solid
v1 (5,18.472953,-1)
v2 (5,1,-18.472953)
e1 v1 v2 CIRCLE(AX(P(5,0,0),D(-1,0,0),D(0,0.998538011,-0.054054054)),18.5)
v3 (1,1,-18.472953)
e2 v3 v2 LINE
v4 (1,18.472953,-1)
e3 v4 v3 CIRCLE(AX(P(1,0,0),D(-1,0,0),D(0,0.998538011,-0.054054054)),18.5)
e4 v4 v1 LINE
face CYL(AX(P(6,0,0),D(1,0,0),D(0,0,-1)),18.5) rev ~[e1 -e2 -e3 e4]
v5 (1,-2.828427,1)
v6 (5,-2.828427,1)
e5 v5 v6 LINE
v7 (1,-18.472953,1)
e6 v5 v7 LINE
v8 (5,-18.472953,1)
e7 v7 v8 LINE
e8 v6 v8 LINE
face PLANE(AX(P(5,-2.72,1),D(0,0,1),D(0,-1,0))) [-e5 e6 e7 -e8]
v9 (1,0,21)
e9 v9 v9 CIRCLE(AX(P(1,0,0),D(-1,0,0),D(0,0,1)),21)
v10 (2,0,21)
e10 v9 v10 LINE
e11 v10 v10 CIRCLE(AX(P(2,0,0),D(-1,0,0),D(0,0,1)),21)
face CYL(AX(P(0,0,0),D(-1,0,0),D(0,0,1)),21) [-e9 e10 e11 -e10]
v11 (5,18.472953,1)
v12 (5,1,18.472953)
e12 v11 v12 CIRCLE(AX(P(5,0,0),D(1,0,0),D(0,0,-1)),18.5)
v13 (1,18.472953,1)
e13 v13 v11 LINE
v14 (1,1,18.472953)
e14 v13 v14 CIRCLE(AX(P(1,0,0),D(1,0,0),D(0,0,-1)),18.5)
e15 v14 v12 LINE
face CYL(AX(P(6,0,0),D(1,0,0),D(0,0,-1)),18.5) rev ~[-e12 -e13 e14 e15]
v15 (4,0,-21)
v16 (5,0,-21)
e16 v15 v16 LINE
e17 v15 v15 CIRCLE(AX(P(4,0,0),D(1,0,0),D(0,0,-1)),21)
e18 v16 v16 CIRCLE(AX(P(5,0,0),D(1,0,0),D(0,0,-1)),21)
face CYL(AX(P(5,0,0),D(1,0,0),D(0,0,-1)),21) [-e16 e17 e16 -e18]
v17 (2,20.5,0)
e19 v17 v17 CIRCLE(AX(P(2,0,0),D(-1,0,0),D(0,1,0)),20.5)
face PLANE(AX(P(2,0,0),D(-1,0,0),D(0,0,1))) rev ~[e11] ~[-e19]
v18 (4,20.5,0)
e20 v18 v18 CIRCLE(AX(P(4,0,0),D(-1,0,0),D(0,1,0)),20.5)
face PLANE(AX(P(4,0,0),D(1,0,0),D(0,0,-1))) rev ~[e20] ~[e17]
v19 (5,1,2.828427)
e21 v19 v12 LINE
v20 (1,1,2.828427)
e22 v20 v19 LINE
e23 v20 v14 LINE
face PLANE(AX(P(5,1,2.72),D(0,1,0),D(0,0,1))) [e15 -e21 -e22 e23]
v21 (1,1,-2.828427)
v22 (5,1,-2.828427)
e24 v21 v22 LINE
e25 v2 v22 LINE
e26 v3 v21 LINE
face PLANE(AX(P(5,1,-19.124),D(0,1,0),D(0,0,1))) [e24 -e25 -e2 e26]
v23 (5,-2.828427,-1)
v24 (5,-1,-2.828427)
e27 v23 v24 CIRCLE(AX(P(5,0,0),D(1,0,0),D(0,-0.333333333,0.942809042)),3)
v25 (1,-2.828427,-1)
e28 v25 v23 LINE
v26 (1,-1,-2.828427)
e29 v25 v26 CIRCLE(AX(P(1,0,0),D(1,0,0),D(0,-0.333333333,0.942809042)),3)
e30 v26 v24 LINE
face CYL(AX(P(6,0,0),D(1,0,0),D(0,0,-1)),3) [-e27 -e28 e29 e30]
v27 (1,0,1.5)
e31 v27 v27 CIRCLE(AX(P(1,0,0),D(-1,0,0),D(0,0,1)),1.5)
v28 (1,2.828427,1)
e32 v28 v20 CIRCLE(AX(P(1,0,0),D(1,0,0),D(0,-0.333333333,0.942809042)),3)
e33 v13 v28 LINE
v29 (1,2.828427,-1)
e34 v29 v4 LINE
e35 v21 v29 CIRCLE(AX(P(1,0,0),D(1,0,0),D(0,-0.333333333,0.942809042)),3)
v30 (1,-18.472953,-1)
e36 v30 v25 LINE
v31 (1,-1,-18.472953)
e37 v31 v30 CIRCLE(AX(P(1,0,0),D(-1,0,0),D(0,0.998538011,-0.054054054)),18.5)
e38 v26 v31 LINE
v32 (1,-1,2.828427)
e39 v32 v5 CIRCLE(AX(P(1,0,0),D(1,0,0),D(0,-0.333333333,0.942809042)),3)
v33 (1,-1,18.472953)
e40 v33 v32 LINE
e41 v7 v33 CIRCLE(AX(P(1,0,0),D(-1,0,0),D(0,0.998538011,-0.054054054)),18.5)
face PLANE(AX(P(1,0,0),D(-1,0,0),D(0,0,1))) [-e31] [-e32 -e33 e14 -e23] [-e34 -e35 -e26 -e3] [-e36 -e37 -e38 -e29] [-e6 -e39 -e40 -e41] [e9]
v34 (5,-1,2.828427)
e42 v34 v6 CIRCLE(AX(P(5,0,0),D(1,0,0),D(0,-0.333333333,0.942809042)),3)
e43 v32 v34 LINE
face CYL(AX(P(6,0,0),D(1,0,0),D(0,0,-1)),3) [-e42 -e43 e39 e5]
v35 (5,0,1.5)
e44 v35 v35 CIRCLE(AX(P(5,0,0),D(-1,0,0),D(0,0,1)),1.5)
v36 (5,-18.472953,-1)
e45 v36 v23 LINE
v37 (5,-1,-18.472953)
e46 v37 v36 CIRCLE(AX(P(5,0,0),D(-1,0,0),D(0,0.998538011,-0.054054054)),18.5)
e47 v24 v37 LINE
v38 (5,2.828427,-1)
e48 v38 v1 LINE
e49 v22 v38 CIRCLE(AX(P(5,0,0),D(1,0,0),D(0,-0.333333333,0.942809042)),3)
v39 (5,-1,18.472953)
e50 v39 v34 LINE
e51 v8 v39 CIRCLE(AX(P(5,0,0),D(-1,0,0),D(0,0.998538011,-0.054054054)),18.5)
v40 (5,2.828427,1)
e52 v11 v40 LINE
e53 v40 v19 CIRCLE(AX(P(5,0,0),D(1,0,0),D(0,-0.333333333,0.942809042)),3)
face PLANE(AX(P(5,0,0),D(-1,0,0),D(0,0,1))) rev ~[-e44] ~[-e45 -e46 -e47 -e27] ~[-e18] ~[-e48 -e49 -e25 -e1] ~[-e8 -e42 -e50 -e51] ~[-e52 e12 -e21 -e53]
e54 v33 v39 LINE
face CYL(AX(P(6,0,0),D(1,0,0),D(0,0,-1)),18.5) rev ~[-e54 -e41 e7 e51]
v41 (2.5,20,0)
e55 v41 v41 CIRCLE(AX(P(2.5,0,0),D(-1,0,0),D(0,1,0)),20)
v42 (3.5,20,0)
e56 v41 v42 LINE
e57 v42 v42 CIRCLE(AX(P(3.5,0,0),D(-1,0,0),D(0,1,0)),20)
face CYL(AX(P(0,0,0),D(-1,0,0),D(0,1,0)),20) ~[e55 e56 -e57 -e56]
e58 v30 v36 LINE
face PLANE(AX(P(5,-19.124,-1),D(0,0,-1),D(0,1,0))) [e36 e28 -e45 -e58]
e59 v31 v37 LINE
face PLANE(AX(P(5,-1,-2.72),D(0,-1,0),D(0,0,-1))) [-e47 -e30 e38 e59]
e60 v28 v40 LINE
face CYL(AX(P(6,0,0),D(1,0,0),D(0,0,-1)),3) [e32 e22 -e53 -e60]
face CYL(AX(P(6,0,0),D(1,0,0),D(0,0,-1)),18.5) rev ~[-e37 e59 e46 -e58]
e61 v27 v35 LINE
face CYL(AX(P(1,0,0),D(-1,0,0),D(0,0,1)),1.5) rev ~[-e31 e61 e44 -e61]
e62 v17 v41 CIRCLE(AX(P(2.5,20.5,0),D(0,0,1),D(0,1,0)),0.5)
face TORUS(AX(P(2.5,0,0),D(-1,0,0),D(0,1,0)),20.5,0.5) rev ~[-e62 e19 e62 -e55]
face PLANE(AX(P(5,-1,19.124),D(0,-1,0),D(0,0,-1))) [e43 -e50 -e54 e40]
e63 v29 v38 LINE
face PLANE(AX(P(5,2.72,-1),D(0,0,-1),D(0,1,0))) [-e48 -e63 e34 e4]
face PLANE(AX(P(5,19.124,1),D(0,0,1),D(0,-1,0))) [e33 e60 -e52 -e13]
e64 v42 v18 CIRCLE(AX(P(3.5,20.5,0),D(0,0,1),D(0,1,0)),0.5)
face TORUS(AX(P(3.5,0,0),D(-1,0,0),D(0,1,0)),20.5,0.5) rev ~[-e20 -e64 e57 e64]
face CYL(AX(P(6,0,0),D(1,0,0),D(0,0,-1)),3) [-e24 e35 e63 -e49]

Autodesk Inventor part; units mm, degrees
ref_plane "YZ Plane" through (0, 0, 0) normal (1, 0, 0) x (0, 1, 0)
ref_plane "XZ Plane" through (0, 0, 0) normal (0, 1, 0) x (-1, 0, 0)
ref_plane "XY Plane" through (0, 0, 0) normal (0, 0, 1) x (1, 0, 0)
sketch "Sketch1" plane through (0, 0, 0) normal (1, 0, 0) x (0, 1, 0)
  circle A0 centre (0, 0) radius 20
  dimension "d0" = 40
extrude "Extrusion1" add sketch "Sketch1" along normal blind 5
sketch "Sketch2" plane through (5, 0, 0) normal (1, 0, 0) x (0, 0, -1)
  circle A0 centre (0, 0) radius 21
  dimension "d3" = 42
extrude "Extrusion2" add sketch "Sketch2" along normal mid plane 2
sketch "Sketch3" plane through (0, 0, 0) normal (-1, 0, 0) x (0, 0, 1)
  circle A0 centre (0, 0) radius 21
extrude "Extrusion3" add sketch "Sketch3" against normal blind 2
fillet "Fillet1" radius 0.5 2 edges at (2, -20, 0) (4, -20, 0)
sketch "Sketch4" plane through (6, 0, 0) normal (1, 0, 0) x (0, 0, -1)
  circle A0 centre (0, 0) radius 18.5
  dimension "d9" = 37
extrude "Extrusion4" cut sketch "Sketch4" against normal blind 6
sketch "Sketch5" plane through (6, 0, 0) normal (1, 0, 0) x (0, 0, -1)
  circle A0 centre (0, 0) radius 2
  circle A1 centre (0, 0) radius 3
  dimension "d12" = 4
  dimension "d13" = 6
extrude "Extrusion5" add sketch "Sketch5" against normal blind 6
sketch "Sketch6" plane through (6, 0, 0) normal (1, 0, 0) x (0, 0, -1)
  point P0 (0, 0)
sketch "Sketch7" plane through (6, 0, 0) normal (1, 0, 0) x (0, 0, -1)
  circle A0 centre (0, 0) radius 3 projected
  circle A1 centre (0, 0) radius 24.6795
sketch "Sketch8" plane through (0, 0, 0) normal (-1, 0, 0) x (0, 0, 1)
  circle A0 centre (0, 0) radius 27.0731
extrude "Extrusion6" cut sketch "Sketch8" against normal blind 1
extrude "Extrusion7" cut sketch "Sketch7" against normal blind 1
sketch "Sketch9" plane through (6, 0, 0) normal (1, 0, 0) x (0, 0, -1)
  circle A0 centre (0, 0) radius 11.2863
extrude "Extrusion8" cut sketch "Sketch9" against normal blind 1
sketch "Sketch10" plane through (5, 0, 0) normal (1, 0, 0) x (0, 0, -1)
  line L0 (-2.72, 0) -> (-2.72, 1) construction
  line L1 (-2.72, 1) -> (-2.72, -1) construction
  line L2 (-2.72, 1) -> (-19.124, 1)
  line L3 (-19.124, 1) -> (-19.124, -1)
  line L4 (-19.124, -1) -> (-2.72, -1)
  line L5 (-2.72, -1) -> (-2.72, 1)
  point P0 (0, 0)
  dimension "d22" = 1
  dimension "d23" = 2
  dimension "d24" = 2
extrude "Extrusion9" add sketch "Sketch10" against normal blind 4
pattern_circular "Circular Pattern1" count 4 over 360 about axis through (6, 0, 0) along (-1, 0, 0) of "Extrusion9"
sketch "Sketch11" plane through (1, 0, 0) normal (-1, 0, 0) x (0, 0, 1)
  circle A0 centre (0, 0) radius 2 projected
  circle A1 centre (0, 0) radius 1.5
  dimension "d30" = 3
extrude "Extrusion10" add sketch "Sketch11" against normal blind 4
properties part number "mtv_brakeWheel_1-13"
